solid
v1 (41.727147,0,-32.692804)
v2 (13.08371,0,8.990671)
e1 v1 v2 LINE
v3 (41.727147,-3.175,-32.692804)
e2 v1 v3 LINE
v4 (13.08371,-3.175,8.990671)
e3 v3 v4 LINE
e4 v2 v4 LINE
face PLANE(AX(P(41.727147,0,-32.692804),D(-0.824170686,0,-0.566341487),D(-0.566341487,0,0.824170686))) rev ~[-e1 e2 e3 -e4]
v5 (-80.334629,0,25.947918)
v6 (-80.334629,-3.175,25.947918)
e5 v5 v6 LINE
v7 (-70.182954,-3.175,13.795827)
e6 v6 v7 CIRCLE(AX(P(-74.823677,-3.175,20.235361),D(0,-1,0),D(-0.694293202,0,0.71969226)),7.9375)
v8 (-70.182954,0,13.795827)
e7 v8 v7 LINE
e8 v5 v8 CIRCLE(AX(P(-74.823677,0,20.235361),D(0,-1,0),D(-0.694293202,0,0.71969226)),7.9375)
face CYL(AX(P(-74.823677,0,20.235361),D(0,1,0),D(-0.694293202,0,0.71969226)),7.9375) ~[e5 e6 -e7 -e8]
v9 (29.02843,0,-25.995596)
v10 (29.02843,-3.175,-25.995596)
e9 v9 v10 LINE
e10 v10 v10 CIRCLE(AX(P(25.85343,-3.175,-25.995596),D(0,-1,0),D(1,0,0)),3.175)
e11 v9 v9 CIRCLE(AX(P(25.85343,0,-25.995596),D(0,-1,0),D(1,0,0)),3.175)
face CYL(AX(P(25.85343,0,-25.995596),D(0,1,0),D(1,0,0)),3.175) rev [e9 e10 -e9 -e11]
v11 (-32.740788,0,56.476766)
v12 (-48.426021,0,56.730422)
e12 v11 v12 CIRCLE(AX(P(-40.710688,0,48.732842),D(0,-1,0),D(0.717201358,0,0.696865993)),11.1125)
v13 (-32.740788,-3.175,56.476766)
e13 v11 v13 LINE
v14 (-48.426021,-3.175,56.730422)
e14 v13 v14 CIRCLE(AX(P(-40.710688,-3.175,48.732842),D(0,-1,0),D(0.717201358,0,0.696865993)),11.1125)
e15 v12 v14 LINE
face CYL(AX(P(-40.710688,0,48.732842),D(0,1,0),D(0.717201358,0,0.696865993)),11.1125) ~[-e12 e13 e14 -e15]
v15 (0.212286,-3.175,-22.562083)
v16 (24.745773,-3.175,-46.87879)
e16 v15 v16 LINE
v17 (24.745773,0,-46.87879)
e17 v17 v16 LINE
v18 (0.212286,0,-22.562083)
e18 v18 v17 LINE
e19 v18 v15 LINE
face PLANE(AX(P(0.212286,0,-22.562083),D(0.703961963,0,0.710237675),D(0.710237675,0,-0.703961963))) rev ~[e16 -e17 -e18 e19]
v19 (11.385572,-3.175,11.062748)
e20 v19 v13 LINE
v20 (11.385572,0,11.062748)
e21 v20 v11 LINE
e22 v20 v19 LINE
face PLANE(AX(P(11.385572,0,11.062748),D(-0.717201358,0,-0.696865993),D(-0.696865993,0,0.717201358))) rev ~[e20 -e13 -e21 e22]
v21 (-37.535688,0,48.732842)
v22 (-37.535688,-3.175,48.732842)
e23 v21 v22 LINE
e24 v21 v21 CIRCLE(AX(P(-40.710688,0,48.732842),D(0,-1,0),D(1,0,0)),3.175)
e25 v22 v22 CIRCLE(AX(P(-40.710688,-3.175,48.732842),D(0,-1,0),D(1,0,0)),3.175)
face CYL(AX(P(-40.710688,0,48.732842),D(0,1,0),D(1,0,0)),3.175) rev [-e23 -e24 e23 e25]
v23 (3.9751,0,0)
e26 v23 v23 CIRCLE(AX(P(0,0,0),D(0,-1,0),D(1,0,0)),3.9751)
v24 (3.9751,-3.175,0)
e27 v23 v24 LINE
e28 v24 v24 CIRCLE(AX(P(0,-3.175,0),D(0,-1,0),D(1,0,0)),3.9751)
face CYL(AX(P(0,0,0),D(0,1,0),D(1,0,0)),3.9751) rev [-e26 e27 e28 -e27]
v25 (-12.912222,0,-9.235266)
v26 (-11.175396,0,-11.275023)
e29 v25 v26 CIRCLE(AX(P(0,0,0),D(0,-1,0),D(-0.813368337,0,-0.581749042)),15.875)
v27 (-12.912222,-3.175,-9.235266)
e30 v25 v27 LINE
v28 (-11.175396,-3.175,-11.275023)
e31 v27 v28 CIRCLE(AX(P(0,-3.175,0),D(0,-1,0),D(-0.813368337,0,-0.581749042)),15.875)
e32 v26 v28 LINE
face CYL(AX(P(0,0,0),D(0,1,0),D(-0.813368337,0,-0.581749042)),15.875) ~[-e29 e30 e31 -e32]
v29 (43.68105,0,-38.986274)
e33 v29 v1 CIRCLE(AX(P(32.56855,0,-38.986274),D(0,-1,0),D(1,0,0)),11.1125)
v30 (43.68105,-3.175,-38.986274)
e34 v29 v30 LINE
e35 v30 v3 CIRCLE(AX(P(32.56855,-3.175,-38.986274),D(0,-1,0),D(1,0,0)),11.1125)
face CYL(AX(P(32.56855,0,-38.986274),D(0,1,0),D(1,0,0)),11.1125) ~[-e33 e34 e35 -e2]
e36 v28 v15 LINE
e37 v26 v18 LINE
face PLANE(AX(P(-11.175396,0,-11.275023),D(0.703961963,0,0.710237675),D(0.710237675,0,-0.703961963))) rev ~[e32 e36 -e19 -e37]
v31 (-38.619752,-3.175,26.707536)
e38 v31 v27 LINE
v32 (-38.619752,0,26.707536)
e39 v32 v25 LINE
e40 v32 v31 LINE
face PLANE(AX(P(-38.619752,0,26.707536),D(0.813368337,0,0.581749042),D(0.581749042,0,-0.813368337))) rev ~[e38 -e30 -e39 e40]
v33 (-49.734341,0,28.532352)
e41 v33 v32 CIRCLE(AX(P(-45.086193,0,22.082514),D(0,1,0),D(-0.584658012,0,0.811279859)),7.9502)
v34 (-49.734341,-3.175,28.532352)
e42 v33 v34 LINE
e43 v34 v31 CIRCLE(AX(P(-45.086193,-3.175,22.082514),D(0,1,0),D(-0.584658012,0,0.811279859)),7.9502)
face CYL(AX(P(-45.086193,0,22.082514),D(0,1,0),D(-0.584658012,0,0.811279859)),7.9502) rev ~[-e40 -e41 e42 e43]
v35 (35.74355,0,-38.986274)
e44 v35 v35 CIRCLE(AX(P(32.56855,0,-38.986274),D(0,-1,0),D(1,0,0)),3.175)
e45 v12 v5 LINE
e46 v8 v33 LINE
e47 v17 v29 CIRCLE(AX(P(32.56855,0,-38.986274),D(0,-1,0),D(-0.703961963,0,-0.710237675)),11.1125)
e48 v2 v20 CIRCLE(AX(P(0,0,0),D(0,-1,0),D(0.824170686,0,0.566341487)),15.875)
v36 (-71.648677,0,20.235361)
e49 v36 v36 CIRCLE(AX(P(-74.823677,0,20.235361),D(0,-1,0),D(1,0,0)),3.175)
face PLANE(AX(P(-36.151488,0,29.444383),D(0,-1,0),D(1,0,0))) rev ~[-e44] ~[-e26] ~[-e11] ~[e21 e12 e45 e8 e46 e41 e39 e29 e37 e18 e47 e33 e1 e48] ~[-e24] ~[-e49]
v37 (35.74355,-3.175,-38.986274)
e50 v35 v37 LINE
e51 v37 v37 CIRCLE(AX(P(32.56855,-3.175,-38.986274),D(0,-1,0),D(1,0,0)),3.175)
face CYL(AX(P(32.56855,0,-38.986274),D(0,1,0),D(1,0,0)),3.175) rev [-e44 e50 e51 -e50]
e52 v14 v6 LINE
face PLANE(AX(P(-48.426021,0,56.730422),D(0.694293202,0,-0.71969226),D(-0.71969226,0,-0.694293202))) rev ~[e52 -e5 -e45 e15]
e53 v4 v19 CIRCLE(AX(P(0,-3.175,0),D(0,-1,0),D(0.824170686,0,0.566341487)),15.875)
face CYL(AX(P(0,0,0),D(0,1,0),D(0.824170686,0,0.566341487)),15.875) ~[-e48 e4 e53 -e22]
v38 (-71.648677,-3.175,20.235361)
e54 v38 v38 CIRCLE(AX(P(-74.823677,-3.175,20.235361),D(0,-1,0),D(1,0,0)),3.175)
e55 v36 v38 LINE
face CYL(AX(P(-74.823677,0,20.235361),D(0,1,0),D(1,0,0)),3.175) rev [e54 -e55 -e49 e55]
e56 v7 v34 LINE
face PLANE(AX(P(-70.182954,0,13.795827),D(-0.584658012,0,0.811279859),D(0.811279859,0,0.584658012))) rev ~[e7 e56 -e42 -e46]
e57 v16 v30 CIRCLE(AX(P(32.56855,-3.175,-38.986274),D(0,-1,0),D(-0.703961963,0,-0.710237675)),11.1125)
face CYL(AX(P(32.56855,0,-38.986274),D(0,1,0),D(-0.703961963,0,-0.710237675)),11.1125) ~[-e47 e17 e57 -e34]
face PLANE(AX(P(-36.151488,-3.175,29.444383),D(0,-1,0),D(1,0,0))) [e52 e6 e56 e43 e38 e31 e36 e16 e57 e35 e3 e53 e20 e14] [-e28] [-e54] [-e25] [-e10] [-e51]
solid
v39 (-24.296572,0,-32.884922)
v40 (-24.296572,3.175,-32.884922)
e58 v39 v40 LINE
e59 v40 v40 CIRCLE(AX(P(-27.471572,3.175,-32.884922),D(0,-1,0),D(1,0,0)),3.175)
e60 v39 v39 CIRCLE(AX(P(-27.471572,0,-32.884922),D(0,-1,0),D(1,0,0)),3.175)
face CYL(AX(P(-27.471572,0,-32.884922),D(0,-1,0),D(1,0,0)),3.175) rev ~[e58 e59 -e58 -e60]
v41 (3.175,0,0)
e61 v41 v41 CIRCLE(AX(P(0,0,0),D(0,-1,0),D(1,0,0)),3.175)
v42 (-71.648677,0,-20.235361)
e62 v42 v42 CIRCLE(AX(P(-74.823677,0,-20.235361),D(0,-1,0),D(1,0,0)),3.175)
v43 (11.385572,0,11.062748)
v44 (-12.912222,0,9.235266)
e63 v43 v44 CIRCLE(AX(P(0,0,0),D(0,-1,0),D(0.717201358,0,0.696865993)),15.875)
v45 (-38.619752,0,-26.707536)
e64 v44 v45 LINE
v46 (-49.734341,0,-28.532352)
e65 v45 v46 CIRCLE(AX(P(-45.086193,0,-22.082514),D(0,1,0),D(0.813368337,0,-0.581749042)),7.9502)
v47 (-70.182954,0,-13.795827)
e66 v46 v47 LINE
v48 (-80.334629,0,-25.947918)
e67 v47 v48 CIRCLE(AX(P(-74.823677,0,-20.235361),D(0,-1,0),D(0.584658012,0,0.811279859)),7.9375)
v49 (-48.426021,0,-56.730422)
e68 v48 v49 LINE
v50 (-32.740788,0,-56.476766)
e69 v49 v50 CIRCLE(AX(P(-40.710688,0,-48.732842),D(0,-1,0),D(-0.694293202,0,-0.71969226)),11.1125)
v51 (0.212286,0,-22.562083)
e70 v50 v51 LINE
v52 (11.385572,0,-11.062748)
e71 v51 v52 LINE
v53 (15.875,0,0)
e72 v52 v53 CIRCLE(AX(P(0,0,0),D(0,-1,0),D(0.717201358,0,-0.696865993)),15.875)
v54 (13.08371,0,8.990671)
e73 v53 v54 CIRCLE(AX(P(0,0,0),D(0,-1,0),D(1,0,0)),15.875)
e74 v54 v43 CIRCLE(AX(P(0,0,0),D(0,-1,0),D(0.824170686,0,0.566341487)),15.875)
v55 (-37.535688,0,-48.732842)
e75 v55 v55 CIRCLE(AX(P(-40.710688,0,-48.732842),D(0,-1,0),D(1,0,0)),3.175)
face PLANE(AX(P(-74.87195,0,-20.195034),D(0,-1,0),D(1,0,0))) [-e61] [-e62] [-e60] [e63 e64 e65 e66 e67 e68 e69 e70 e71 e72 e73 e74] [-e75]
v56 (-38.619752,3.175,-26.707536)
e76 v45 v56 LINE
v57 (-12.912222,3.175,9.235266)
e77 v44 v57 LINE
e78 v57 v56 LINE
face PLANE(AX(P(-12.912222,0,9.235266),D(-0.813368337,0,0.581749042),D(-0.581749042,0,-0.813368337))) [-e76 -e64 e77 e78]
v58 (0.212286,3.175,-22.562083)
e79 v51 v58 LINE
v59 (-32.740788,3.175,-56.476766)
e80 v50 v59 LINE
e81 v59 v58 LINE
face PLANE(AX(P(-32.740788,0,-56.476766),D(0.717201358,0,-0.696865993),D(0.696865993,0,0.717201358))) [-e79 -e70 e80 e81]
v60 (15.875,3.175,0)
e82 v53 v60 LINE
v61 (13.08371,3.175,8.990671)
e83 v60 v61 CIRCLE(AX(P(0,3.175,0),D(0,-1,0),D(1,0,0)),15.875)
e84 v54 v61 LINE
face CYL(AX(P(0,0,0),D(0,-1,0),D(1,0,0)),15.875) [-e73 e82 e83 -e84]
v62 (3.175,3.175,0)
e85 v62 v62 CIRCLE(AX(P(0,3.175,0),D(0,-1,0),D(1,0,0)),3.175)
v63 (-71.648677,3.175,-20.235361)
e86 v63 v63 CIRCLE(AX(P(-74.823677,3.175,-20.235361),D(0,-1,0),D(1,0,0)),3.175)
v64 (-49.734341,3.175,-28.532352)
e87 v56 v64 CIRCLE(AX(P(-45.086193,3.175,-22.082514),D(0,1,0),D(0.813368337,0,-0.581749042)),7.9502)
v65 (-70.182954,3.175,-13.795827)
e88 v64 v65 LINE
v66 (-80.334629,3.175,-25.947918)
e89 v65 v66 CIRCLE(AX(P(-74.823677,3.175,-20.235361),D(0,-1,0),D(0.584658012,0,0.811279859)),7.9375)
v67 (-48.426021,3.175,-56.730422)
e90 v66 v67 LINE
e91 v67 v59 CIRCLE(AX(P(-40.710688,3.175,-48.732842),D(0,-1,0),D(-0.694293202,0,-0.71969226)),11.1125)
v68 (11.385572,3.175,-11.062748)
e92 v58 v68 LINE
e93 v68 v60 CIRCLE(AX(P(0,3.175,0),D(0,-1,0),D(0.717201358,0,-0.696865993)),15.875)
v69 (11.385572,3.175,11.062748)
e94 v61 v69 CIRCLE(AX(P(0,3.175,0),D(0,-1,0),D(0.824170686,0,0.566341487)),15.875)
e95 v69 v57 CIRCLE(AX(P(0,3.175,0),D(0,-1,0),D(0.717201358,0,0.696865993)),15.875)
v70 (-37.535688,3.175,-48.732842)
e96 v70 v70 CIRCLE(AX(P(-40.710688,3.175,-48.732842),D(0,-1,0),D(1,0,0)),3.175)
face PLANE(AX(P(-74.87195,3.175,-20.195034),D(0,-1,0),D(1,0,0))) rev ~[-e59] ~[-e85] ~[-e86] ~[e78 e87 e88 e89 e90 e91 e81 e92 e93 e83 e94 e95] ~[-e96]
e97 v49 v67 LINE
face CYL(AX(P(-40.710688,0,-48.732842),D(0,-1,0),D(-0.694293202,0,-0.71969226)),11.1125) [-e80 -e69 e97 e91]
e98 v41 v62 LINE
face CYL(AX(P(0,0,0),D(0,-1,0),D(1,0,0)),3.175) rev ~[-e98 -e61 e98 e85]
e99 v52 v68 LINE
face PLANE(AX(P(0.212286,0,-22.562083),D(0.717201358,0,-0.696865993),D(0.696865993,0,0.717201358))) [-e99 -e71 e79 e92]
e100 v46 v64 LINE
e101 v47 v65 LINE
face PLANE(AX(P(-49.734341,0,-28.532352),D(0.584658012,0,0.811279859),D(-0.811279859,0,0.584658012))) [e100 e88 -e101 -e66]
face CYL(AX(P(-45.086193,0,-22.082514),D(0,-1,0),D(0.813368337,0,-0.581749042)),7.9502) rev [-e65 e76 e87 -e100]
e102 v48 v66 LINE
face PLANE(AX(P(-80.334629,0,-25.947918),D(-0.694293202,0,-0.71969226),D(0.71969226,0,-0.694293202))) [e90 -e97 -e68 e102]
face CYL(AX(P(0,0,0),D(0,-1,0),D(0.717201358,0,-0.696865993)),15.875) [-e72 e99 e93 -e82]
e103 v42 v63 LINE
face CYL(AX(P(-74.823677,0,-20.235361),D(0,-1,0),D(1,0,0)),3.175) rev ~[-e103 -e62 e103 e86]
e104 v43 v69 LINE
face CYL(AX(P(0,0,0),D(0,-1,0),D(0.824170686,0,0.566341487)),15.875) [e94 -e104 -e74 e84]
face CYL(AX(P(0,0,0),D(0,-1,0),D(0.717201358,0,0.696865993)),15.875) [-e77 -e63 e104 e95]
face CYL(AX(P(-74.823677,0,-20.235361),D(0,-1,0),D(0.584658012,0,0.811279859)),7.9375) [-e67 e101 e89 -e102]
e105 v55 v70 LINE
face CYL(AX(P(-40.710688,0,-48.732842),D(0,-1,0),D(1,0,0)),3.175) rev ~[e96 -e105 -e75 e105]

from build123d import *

# Parameters (mm, degrees)
F0_R     = 3.175
F0_R_2   = 3.9751
F1_DEPTH = 3.175
F2_DEPTH = 3.175


with BuildPart() as f1:
    # F0 (on Front) → F1 (new body)
    with BuildSketch(Plane.XZ):
        with BuildLine():
            ThreePointArc((-80.3346294921, 25.9479182042), (-71.7203948705, 27.5410809104), (-66.8861771998, 20.2353608887))
            ThreePointArc((-66.8861771998, 20.2353608887), (-67.7582810751, 16.6181680751), (-70.1829542332, 13.7958270083))
            Line((-70.1829542332, 13.7958270083), (-49.7343409118, 28.5323516137))
            ThreePointArc((-49.7343409118, 28.5323516137), (-43.7981572808, 29.9276814353), (-38.6197518354, 26.7075357159))
            Line((-38.6197518354, 26.7075357159), (-19.5176026373, 0))
            Line((-19.5176026373, 0), (-12.9122223504, 9.2352660478))
            ThreePointArc((-12.9122223504, 9.2352660478), (-1.190625, 15.8302885984), (11.3855715641, 11.0627476316))
            Line((11.3855715641, 11.0627476316), (-32.7407875412, 56.4767655761))
            ThreePointArc((-32.7407875412, 56.4767655761), (-30.4137664687, 52.9114868375), (-29.598187636, 48.732842234))
            ThreePointArc((-29.598187636, 48.732842234), (-45.055282897, 38.5048342037), (-48.4260208452, 56.7304224756))
            Line((-48.4260208452, 56.7304224756), (-80.3346294921, 25.9479182042))
        make_face()
        with BuildLine():
            ThreePointArc((11.3855715641, -11.0627476316), (0.1493607821, -15.87429735), (-11.1753961572, -11.2750230922))
            Line((-11.1753961572, -11.2750230922), (0.2122859525, -22.5620828034))
            Line((0.2122859525, -22.5620828034), (11.3855715641, -11.0627476316))
        make_face()
        with BuildLine():
            Line((41.7271468569, -32.6928040084), (13.0837096401, 8.9906711125))
            ThreePointArc((13.0837096401, 8.9906711125), (15.1611265336, 4.7070019367), (15.875, 0))
            ThreePointArc((15.875, 0), (14.709887382, -5.9694922908), (11.3855715641, -11.0627476316))
            Line((11.3855715641, -11.0627476316), (0.2122859525, -22.5620828034))
            Line((0.2122859525, -22.5620828034), (24.7457727988, -46.8787899517))
            ThreePointArc((24.7457727988, -46.8787899517), (25.4441797725, -30.4580263962), (41.7271468569, -32.6928040084))
        make_face()
        with Locations((25.8534296399, -25.9955964712)):
            Circle(F0_R, mode=Mode.SUBTRACT)
        with BuildLine():
            ThreePointArc((43.6810501088, -38.9862737872), (43.1813386824, -35.6913724315), (41.7271468569, -32.6928040084))
            ThreePointArc((41.7271468569, -32.6928040084), (25.4441797725, -30.4580263962), (24.7457727988, -46.8787899517))
            ThreePointArc((24.7457727988, -46.8787899517), (36.8438888903, -49.2434241982), (43.6810501088, -38.9862737872))
        make_face()
        with Locations((32.5685501088, -38.9862737872)):
            Circle(F0_R, mode=Mode.SUBTRACT)
        with BuildLine():
            ThreePointArc((-32.7407875412, 56.4767655761), (-40.5310031055, 59.8438894267), (-48.4260208452, 56.7304224756))
            ThreePointArc((-48.4260208452, 56.7304224756), (-45.055282897, 38.5048342037), (-29.598187636, 48.732842234))
            ThreePointArc((-29.598187636, 48.732842234), (-30.4137664687, 52.9114868375), (-32.7407875412, 56.4767655761))
        make_face()
        with Locations((-40.710687636, 48.732842234)):
            Circle(F0_R, mode=Mode.SUBTRACT)
        with BuildLine():
            ThreePointArc((-70.1829542332, 13.7958270083), (-67.7582810751, 16.6181680751), (-66.8861771998, 20.2353608887))
            ThreePointArc((-66.8861771998, 20.2353608887), (-71.7203948705, 27.5410809104), (-80.3346294921, 25.9479182042))
            ThreePointArc((-80.3346294921, 25.9479182042), (-80.9152824791, 15.1465249342), (-70.1829542332, 13.7958270083))
        make_face()
        with Locations((-74.8236771998, 20.2353608887)):
            Circle(F0_R, mode=Mode.SUBTRACT)
        with BuildLine():
            ThreePointArc((13.0837096401, 8.9906711125), (12.27842848, 10.0625950461), (11.3855715641, 11.0627476316))
            ThreePointArc((11.3855715641, 11.0627476316), (-1.190625, 15.8302885984), (-12.9122223504, 9.2352660478))
            ThreePointArc((-12.9122223504, 9.2352660478), (-15.875, 0), (-12.9122223504, -9.2352660478))
            ThreePointArc((-12.9122223504, -9.2352660478), (-12.0869141447, -10.2918478155), (-11.1753961572, -11.2750230922))
            ThreePointArc((-11.1753961572, -11.2750230922), (0.1493607821, -15.87429735), (11.3855715641, -11.0627476316))
            ThreePointArc((11.3855715641, -11.0627476316), (14.709887382, -5.9694922908), (15.875, 0))
            ThreePointArc((15.875, 0), (15.1611265336, 4.7070019367), (13.0837096401, 8.9906711125))
        make_face()
        Circle(F0_R_2, mode=Mode.SUBTRACT)
        with BuildLine():
            Line((-12.9122223504, 9.2352660478), (-19.5176026373, 0))
            Line((-19.5176026373, 0), (-12.9122223504, -9.2352660478))
            ThreePointArc((-12.9122223504, -9.2352660478), (-15.875, 0), (-12.9122223504, 9.2352660478))
        make_face()
    extrude(amount=F1_DEPTH)


with BuildPart() as f2:
    # F0 (on Front) → F2 (new body)
    with BuildSketch(Plane.XZ):
        with BuildLine():
            ThreePointArc((-66.8861771998, -20.2353608887), (-67.7582810751, -16.6181680751), (-70.1829542332, -13.7958270083))
            ThreePointArc((-70.1829542332, -13.7958270083), (-80.9152824791, -15.1465249342), (-80.3346294921, -25.9479182042))
            ThreePointArc((-80.3346294921, -25.9479182042), (-71.7203948705, -27.5410809104), (-66.8861771998, -20.2353608887))
        make_face()
        with Locations((-74.8236771998, -20.2353608887)):
            Circle(F0_R, mode=Mode.SUBTRACT)
        with BuildLine():
            Line((-12.9122223504, -9.2352660478), (-19.5176026373, 0))
            Line((-19.5176026373, 0), (-38.6197518354, -26.7075357159))
            ThreePointArc((-38.6197518354, -26.7075357159), (-43.7981572808, -29.9276814353), (-49.7343409118, -28.5323516137))
            Line((-49.7343409118, -28.5323516137), (-70.1829542332, -13.7958270083))
            ThreePointArc((-70.1829542332, -13.7958270083), (-67.7582810751, -16.6181680751), (-66.8861771998, -20.2353608887))
            ThreePointArc((-66.8861771998, -20.2353608887), (-71.7203948705, -27.5410809104), (-80.3346294921, -25.9479182042))
            Line((-80.3346294921, -25.9479182042), (-48.4260208452, -56.7304224756))
            ThreePointArc((-48.4260208452, -56.7304224756), (-45.055282897, -38.5048342037), (-29.598187636, -48.732842234))
            ThreePointArc((-29.598187636, -48.732842234), (-30.4137664687, -52.9114868375), (-32.7407875412, -56.4767655761))
            Line((-32.7407875412, -56.4767655761), (0.2122859525, -22.5620828034))
            Line((0.2122859525, -22.5620828034), (-11.1753961572, -11.2750230922))
            ThreePointArc((-11.1753961572, -11.2750230922), (-12.0869141447, -10.2918478155), (-12.9122223504, -9.2352660478))
        make_face()
        with Locations((-27.4715720168, -32.8849219395)):
            Circle(F0_R, mode=Mode.SUBTRACT)
        with BuildLine():
            ThreePointArc((-48.4260208452, -56.7304224756), (-40.5310031055, -59.8438894267), (-32.7407875412, -56.4767655761))
            ThreePointArc((-32.7407875412, -56.4767655761), (-30.4137664687, -52.9114868375), (-29.598187636, -48.732842234))
            ThreePointArc((-29.598187636, -48.732842234), (-45.055282897, -38.5048342037), (-48.4260208452, -56.7304224756))
        make_face()
        with Locations((-40.710687636, -48.732842234)):
            Circle(F0_R, mode=Mode.SUBTRACT)
        with BuildLine():
            Line((-12.9122223504, 9.2352660478), (-19.5176026373, 0))
            Line((-19.5176026373, 0), (-12.9122223504, -9.2352660478))
            ThreePointArc((-12.9122223504, -9.2352660478), (-15.875, 0), (-12.9122223504, 9.2352660478))
        make_face()
        with BuildLine():
            ThreePointArc((11.3855715641, -11.0627476316), (0.1493607821, -15.87429735), (-11.1753961572, -11.2750230922))
            Line((-11.1753961572, -11.2750230922), (0.2122859525, -22.5620828034))
            Line((0.2122859525, -22.5620828034), (11.3855715641, -11.0627476316))
        make_face()
        with BuildLine():
            ThreePointArc((13.0837096401, 8.9906711125), (12.27842848, 10.0625950461), (11.3855715641, 11.0627476316))
            ThreePointArc((11.3855715641, 11.0627476316), (-1.190625, 15.8302885984), (-12.9122223504, 9.2352660478))
            ThreePointArc((-12.9122223504, 9.2352660478), (-15.875, 0), (-12.9122223504, -9.2352660478))
            ThreePointArc((-12.9122223504, -9.2352660478), (-12.0869141447, -10.2918478155), (-11.1753961572, -11.2750230922))
            ThreePointArc((-11.1753961572, -11.2750230922), (0.1493607821, -15.87429735), (11.3855715641, -11.0627476316))
            ThreePointArc((11.3855715641, -11.0627476316), (14.709887382, -5.9694922908), (15.875, 0))
            ThreePointArc((15.875, 0), (15.1611265336, 4.7070019367), (13.0837096401, 8.9906711125))
        make_face()
        Circle(F0_R_2, mode=Mode.SUBTRACT)
        Circle(F0_R_2)
        Circle(F0_R, mode=Mode.SUBTRACT)
    extrude(amount=-F2_DEPTH)


solid = Compound([f1.part, f2.part])
